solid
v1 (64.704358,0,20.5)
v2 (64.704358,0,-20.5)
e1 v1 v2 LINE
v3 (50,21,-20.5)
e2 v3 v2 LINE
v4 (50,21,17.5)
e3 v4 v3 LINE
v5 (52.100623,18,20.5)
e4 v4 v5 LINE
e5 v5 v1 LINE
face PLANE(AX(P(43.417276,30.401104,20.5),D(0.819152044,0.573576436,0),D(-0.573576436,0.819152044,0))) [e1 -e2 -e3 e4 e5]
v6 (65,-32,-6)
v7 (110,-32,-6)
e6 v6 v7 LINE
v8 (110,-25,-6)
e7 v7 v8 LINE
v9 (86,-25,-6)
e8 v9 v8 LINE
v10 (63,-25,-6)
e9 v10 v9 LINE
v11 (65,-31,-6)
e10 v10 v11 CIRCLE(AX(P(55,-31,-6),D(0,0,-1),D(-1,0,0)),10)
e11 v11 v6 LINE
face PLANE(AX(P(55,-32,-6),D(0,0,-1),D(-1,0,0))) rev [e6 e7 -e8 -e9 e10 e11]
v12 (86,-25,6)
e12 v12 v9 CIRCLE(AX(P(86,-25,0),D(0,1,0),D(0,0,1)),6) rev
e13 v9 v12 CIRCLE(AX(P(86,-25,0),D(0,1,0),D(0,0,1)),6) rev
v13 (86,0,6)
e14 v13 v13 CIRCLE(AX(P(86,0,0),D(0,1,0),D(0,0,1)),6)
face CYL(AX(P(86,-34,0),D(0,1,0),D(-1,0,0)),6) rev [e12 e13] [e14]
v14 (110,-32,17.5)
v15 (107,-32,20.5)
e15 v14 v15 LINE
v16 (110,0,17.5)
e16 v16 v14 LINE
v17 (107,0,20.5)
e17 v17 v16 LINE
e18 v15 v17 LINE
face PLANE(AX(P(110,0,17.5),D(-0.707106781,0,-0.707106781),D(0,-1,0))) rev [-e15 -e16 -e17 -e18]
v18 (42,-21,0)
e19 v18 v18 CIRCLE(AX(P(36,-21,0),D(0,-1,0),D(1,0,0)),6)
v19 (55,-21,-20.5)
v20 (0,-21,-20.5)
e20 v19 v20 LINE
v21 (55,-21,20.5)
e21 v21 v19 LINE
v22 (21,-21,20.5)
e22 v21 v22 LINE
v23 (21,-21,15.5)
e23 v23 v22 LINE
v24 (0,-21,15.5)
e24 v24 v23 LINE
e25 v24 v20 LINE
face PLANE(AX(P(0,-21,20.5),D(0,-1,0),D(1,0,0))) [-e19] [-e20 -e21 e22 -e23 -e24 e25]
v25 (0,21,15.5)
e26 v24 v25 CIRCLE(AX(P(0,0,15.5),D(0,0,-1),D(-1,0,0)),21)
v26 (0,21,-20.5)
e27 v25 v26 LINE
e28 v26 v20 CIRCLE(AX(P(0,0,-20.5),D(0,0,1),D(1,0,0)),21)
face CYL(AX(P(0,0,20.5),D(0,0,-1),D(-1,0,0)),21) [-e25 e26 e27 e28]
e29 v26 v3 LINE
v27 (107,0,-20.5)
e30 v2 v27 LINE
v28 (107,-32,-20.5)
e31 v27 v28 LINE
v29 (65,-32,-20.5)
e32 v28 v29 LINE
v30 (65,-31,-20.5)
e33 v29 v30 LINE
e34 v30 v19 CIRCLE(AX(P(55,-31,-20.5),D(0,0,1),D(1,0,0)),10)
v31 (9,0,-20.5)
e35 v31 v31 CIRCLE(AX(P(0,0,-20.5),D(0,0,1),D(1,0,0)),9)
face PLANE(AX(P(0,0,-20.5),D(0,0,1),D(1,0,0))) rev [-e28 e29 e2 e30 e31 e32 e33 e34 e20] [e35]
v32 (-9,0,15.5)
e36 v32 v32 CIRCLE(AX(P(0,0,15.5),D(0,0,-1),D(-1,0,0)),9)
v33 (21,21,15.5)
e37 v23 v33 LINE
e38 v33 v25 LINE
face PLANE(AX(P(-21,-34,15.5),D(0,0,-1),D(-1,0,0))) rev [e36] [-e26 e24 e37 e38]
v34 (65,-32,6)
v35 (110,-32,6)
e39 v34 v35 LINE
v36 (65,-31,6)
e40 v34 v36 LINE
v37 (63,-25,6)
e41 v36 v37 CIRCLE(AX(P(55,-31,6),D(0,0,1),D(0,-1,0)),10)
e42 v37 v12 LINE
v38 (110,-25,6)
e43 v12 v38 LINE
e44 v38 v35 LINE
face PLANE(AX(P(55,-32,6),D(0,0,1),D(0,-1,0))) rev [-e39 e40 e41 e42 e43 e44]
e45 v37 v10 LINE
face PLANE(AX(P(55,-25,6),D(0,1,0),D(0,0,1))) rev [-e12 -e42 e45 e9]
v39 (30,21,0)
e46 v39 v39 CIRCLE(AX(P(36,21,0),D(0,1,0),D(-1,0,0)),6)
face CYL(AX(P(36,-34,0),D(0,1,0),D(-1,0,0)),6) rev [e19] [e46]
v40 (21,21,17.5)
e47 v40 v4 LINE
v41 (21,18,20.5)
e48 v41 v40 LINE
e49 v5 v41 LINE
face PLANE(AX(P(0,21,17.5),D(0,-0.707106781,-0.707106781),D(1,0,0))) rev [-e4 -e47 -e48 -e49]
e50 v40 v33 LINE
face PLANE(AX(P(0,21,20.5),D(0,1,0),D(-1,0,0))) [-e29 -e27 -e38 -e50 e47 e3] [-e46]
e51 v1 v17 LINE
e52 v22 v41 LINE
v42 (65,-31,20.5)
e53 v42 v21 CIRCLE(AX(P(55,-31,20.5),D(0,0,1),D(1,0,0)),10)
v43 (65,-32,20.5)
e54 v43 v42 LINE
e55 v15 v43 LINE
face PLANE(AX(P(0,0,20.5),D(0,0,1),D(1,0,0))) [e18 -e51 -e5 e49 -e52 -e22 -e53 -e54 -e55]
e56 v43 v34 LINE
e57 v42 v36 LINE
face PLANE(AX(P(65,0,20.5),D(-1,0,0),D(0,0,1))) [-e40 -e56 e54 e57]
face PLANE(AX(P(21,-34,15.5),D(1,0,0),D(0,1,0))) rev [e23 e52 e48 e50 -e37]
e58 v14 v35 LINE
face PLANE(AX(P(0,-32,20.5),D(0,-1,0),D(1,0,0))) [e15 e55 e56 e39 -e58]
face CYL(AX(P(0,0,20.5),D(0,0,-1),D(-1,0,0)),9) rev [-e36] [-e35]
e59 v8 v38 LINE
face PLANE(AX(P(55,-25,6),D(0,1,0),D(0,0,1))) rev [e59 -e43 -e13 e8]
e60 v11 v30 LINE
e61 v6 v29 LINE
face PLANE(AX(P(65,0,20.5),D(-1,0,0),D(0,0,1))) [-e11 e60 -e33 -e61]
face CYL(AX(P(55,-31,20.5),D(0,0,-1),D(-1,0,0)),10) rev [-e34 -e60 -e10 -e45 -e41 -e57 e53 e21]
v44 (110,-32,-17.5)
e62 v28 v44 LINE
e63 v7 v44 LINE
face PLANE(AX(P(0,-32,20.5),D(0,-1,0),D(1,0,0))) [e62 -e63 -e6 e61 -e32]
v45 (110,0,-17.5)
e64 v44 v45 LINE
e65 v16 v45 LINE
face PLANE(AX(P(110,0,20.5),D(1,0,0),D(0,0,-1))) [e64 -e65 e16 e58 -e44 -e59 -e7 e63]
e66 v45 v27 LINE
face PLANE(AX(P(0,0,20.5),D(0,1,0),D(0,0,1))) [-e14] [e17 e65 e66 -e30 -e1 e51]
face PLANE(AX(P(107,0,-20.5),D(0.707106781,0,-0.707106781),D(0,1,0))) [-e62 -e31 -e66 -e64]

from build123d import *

# Parameters (mm, degrees)
SKETCH1_R           = 21
SKETCH1_R_2         = 9
BOSS_EXTRUDE1_DEPTH = 20.5
SKETCH2_R           = 6
SKETCH2_W           = 42
SKETCH2_H           = 5
CUT_EXTRUDE1_DEPTH  = 55
SKETCH3_W           = 12
SKETCH3_H           = 7
CUT_EXTRUDE2_DEPTH  = 55
CHAMFER1_SIZE       = 3


with BuildPart() as part:
    # Sketch1 → Boss-Extrude1 (new, symmetric)
    # profile 1 of 2: a face of its own
    with BuildSketch(Plane.XY):
        with BuildLine():
            Line((50, 21), (0, 21))
            ThreePointArc((0, 21), (14.849242405, 14.849242405), (21, 0))
            ThreePointArc((21, 0), (14.849242405, -14.849242405), (0, -21))
            Line((0, -21), (55, -21))
            ThreePointArc((55, -21), (62.071067812, -23.928932188), (65, -31))
            Line((65, -31), (65, -32))
            Line((65, -32), (110, -32))
            Line((110, -32), (110, 0))
            Line((110, 0), (64.704358302, 0))
            Line((64.704358302, 0), (50, 21))
        make_face()
    # profile 2 of 2: a face of its own
    with BuildSketch(Plane.XY):
        Circle(SKETCH1_R)
        Circle(SKETCH1_R_2, mode=Mode.SUBTRACT)
    extrude(amount=BOSS_EXTRUDE1_DEPTH, both=True)

    # Sketch2 → Cut-Extrude1 (cut)
    with BuildSketch(Plane(origin=(0, 21, 0), x_dir=(1, 0, 0), z_dir=(0, 1, 0))):
        with Locations(Location((36, 0, 0), (0, 0, 180))):
            Circle(SKETCH2_R)
        with Locations(Location((86, 0, 0), (0, 0, 270))):
            Circle(SKETCH2_R)
        with Locations((0, -18)):
            Rectangle(SKETCH2_W, SKETCH2_H)
    extrude(amount=-CUT_EXTRUDE1_DEPTH, mode=Mode.SUBTRACT)

    # Sketch3 → Cut-Extrude2 (cut)
    with BuildSketch(Plane(origin=(110, 0, 0), x_dir=(0, 0, -1), z_dir=(1, 0, 0))):
        with Locations((0, -28.5)):
            Rectangle(SKETCH3_W, SKETCH3_H)
    extrude(amount=-CUT_EXTRUDE2_DEPTH, mode=Mode.SUBTRACT)

    # Chamfer1
    chamfer1_edges = [part.edges().sort_by_distance(p)[0] for p in [
        (110, -16, -20.5),
        (110, -16, 20.5),
        (35.5, 21, 20.5),
    ]]
    chamfer(chamfer1_edges, length=CHAMFER1_SIZE)


solid = part.part
